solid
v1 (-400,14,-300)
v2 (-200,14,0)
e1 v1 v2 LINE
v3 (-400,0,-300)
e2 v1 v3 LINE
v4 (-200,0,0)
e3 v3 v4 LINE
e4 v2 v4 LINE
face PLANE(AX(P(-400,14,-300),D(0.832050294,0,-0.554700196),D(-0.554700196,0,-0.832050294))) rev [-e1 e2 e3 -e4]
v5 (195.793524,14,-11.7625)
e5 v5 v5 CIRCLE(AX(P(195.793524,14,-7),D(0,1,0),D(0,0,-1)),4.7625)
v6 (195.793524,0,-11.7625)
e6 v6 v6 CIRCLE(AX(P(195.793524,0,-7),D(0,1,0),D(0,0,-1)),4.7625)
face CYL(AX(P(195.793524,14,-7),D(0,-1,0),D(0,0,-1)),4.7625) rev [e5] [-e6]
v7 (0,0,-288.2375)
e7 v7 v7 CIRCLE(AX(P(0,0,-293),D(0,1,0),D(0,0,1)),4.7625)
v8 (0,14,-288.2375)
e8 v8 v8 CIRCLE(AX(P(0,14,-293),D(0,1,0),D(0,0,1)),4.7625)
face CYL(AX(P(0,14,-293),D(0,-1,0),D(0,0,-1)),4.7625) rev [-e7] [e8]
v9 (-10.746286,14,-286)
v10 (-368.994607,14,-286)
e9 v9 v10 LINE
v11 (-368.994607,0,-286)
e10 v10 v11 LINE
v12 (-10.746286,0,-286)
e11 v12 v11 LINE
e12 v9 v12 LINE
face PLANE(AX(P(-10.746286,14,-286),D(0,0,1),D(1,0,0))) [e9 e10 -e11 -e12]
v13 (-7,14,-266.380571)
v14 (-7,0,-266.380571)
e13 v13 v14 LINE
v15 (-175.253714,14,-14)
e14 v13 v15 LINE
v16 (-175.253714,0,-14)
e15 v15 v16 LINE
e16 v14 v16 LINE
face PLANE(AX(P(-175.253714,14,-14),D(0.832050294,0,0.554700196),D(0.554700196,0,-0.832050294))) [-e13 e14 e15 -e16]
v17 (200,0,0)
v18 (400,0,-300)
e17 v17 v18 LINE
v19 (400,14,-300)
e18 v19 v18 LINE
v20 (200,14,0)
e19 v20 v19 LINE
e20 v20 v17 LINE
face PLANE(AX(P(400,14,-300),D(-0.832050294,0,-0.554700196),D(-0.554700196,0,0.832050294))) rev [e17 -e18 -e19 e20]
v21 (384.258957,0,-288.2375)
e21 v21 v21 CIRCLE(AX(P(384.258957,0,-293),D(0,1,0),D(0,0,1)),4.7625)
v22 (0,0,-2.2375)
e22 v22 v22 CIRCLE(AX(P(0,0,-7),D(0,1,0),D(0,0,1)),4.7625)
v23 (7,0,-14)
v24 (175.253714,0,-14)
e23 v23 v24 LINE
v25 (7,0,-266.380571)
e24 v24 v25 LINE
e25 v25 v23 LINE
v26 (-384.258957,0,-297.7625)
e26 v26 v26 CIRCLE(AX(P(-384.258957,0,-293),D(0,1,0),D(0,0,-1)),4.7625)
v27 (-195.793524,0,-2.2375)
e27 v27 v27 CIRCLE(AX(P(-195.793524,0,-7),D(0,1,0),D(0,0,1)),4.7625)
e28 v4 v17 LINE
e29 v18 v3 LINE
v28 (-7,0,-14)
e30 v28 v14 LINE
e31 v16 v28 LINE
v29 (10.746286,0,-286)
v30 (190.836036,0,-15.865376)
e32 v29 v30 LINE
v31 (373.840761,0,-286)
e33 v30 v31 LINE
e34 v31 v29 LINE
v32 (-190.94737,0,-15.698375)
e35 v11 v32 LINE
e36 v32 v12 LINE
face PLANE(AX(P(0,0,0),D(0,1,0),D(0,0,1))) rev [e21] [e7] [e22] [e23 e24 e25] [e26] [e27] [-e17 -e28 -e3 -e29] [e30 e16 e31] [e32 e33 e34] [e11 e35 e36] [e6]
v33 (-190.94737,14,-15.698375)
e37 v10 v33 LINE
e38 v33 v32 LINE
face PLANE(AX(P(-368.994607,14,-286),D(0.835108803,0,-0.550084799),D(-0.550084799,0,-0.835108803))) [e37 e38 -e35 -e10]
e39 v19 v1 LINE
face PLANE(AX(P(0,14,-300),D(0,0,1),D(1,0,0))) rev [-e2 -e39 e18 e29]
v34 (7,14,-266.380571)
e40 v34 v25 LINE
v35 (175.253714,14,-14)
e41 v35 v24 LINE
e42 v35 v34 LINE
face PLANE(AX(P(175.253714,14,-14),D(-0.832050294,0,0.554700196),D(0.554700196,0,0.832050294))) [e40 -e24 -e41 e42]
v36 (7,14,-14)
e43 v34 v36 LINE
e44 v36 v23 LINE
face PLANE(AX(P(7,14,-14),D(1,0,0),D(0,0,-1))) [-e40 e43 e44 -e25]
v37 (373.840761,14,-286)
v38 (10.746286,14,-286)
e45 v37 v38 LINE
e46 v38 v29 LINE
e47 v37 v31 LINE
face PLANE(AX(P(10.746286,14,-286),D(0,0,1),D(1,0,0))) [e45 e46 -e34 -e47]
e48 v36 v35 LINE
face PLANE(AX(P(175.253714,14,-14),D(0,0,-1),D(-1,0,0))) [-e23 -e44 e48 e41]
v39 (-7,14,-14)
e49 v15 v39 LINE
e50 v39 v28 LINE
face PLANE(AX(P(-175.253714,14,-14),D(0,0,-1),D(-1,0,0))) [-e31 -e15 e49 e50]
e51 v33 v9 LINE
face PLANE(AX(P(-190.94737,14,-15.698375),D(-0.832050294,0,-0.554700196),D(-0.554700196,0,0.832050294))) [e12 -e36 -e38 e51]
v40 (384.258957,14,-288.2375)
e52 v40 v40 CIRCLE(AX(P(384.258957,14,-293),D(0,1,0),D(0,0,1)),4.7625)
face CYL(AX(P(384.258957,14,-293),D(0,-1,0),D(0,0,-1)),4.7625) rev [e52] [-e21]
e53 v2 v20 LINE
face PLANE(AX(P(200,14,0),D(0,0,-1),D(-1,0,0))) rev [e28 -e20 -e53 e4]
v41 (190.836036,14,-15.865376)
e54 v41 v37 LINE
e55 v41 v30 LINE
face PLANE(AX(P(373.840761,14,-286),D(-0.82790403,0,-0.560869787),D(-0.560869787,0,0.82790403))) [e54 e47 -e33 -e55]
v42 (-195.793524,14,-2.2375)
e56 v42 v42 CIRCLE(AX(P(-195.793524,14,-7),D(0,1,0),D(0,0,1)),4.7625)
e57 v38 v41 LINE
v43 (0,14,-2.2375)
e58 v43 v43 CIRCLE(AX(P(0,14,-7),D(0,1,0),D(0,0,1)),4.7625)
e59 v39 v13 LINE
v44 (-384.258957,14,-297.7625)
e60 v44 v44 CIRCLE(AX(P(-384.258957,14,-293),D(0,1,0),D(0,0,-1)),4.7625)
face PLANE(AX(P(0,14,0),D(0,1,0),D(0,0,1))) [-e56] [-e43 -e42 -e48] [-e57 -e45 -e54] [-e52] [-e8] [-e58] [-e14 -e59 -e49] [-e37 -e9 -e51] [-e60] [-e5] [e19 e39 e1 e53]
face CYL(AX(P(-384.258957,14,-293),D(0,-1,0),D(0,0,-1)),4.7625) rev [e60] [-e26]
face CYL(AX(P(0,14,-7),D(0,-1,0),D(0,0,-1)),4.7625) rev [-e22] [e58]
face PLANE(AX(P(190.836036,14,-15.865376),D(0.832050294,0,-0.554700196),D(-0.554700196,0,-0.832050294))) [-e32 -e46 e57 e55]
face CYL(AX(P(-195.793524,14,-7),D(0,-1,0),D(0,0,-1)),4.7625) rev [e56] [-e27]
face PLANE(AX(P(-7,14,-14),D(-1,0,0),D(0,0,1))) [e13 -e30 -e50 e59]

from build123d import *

# Parameters (mm, degrees)
SKETCH1_R           = 4.7625
BOSS_EXTRUDE2_DEPTH = 14


with BuildPart() as part:
    # Sketch1 → Boss-Extrude2 (new body)
    with BuildSketch(Plane(origin=(0, 0, 0), x_dir=(1, 0, 0), z_dir=(0, 1, 0))):
        Polygon((0, 300), (400, 300), (200, 0), (0, 0), (-200, 0), (-400, 300), align=None)
        with Locations(Location((0, 293, 0), (0, 0, 270))):
            Circle(SKETCH1_R, mode=Mode.SUBTRACT)
        with Locations(Location((0, 7, 0), (0, 0, 270))):
            Circle(SKETCH1_R, mode=Mode.SUBTRACT)
        with Locations(Location((384.258956968, 293, 0), (0, 0, 270))):
            Circle(SKETCH1_R, mode=Mode.SUBTRACT)
        with Locations(Location((-384.258956968, 293, 0), (0, 0, 90))):
            Circle(SKETCH1_R, mode=Mode.SUBTRACT)
        with Locations(Location((-195.793523512, 7, 0), (0, 0, 270))):
            Circle(SKETCH1_R, mode=Mode.SUBTRACT)
        with Locations(Location((195.793523512, 7, 0), (0, 0, 90))):
            Circle(SKETCH1_R, mode=Mode.SUBTRACT)
        Polygon((7, 14), (7, 266.380570536), (175.253713691, 14), align=None, mode=Mode.SUBTRACT)
        Polygon((10.746286309, 286), (373.840760715, 286), (190.836035912, 15.865375596), align=None, mode=Mode.SUBTRACT)
        Polygon((-190.947369666, 15.698374965), (-10.746286309, 286), (-368.994606868, 286), align=None, mode=Mode.SUBTRACT)
        Polygon((-175.253713691, 14), (-7, 266.380570536), (-7, 14), align=None, mode=Mode.SUBTRACT)
    extrude(amount=BOSS_EXTRUDE2_DEPTH)


solid = part.part
